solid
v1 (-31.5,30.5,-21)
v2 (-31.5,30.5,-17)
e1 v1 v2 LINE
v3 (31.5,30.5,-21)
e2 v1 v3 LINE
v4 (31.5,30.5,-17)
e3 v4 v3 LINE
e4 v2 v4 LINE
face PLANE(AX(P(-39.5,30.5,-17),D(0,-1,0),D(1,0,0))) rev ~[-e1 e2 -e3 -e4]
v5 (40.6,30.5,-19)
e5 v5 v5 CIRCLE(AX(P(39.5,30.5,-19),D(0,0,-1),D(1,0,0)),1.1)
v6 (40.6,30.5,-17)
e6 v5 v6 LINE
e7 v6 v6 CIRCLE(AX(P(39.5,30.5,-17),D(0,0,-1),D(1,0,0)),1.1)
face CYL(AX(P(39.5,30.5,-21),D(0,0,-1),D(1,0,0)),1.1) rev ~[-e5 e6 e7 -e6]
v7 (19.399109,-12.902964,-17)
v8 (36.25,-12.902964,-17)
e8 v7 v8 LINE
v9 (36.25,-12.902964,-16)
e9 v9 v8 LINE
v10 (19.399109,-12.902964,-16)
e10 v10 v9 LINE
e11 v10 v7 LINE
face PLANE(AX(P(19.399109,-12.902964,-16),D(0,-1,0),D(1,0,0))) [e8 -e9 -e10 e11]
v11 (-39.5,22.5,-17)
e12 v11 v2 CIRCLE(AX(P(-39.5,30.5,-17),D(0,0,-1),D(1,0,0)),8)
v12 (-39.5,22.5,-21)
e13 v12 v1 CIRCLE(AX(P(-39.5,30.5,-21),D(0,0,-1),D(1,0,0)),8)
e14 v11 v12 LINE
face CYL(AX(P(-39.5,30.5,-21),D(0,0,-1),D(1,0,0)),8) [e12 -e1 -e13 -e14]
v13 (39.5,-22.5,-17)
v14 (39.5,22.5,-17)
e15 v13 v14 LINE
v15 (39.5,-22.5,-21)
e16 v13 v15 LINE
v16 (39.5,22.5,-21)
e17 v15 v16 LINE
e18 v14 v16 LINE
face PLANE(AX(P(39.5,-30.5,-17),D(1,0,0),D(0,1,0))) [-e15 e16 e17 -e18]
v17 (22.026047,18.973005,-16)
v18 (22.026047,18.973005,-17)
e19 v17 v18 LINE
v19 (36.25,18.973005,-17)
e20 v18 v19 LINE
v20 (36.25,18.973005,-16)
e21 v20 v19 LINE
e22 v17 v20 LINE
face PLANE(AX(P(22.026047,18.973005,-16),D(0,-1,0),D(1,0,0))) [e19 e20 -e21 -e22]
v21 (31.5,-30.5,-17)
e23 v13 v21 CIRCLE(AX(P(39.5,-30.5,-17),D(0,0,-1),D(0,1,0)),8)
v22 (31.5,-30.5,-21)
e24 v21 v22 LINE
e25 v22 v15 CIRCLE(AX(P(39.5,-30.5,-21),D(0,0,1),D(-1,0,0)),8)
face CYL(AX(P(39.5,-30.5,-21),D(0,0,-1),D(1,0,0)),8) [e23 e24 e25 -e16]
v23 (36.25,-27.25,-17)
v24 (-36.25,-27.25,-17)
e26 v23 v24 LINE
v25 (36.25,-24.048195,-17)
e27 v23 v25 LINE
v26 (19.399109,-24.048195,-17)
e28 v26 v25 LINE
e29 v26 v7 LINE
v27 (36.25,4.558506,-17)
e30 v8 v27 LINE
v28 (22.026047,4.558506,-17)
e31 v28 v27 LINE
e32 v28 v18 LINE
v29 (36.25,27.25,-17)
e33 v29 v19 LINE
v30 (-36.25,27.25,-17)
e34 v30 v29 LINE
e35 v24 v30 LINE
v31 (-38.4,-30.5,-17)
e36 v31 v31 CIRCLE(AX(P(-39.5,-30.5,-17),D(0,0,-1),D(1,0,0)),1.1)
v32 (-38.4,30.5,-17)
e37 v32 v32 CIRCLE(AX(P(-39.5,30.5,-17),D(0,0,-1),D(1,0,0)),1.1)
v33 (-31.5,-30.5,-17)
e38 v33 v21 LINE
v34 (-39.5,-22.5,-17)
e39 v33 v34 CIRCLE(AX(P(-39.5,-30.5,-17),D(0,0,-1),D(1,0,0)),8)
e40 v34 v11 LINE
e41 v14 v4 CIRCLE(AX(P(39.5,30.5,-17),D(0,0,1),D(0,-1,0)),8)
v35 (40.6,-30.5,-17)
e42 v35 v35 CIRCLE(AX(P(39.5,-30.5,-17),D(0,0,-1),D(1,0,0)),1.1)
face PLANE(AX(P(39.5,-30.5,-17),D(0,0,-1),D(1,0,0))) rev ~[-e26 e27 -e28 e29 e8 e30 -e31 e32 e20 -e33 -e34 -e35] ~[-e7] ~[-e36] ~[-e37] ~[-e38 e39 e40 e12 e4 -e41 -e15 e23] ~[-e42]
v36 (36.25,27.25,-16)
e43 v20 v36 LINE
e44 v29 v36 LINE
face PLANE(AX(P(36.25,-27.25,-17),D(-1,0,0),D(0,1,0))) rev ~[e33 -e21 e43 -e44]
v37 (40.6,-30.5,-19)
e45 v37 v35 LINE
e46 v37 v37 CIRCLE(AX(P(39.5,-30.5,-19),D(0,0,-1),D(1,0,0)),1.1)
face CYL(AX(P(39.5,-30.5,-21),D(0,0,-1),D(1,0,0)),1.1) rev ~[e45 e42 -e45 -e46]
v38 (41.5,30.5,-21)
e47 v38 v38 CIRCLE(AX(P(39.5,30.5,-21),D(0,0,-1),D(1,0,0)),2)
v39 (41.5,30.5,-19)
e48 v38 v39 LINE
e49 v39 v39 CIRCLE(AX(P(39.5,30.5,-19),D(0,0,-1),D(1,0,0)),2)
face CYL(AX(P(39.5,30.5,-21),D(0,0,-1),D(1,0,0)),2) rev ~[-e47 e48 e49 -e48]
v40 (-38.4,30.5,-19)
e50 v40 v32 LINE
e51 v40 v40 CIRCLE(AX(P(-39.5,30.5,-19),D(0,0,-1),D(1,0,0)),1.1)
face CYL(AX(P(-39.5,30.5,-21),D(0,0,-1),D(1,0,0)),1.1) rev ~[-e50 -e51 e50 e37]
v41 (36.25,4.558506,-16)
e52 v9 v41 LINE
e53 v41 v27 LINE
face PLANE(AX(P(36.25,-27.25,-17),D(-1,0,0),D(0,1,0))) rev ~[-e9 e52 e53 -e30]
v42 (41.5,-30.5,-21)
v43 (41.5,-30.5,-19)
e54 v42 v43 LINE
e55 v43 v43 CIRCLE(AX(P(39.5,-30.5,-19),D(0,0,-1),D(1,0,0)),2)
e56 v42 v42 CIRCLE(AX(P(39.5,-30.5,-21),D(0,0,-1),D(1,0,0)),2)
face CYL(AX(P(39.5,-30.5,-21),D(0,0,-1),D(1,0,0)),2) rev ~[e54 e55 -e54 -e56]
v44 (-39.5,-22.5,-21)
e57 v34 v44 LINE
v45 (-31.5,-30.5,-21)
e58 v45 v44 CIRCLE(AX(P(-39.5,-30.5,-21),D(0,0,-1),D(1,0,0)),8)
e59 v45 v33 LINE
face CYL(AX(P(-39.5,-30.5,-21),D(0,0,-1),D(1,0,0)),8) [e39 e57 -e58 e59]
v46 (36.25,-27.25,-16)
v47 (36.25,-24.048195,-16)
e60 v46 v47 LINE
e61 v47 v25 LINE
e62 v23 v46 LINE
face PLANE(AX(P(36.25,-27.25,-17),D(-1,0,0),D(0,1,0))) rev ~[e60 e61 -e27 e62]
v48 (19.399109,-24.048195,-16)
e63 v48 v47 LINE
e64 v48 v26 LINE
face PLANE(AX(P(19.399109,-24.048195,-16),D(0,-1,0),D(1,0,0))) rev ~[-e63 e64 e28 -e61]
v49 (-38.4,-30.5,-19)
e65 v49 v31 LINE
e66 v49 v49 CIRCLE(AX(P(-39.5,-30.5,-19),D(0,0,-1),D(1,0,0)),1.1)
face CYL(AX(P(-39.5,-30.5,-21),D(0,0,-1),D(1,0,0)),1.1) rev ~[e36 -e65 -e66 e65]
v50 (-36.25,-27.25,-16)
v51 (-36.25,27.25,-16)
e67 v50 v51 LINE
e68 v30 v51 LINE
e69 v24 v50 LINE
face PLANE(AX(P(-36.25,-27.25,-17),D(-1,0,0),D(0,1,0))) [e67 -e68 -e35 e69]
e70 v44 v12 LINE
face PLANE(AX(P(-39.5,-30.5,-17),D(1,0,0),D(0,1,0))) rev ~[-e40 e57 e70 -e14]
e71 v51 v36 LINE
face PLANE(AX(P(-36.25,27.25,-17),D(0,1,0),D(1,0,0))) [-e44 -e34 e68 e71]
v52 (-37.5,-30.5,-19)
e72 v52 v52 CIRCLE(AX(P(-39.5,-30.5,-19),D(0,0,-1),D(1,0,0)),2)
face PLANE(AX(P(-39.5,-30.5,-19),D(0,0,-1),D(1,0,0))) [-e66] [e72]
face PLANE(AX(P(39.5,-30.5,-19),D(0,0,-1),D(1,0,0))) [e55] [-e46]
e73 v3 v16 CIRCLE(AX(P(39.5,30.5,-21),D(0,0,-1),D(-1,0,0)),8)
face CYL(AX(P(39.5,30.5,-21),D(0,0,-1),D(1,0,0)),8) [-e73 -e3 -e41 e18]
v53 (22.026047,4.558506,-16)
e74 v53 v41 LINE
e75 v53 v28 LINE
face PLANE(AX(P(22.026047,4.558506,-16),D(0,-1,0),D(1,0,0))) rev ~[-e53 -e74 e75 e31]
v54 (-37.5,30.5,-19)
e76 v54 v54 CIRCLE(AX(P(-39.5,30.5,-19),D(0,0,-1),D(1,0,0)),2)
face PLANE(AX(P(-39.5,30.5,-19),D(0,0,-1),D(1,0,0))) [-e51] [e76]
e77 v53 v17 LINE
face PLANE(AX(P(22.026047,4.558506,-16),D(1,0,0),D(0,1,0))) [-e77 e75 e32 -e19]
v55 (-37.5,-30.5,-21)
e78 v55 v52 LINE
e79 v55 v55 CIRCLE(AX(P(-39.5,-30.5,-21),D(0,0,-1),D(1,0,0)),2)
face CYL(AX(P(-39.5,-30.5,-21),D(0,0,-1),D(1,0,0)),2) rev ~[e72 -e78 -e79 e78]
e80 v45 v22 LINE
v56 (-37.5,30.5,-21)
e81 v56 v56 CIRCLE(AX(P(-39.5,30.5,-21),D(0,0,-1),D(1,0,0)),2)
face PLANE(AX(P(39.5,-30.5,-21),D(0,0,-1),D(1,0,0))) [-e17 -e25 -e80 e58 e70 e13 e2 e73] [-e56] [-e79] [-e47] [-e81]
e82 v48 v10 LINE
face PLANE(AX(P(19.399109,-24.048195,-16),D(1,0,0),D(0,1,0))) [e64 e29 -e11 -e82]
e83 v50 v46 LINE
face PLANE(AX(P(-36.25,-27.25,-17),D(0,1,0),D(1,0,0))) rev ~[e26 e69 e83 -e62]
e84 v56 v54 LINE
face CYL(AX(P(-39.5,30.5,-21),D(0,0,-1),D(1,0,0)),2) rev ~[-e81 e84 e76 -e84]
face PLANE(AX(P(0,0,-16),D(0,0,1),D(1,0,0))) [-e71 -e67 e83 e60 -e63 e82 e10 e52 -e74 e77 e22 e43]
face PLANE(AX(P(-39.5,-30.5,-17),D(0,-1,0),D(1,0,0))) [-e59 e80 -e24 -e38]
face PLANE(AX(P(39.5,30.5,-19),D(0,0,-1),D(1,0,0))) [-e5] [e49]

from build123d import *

# Parameters (mm, degrees)
SKETCH024_W     = 79
SKETCH024_H     = 61
PAD006_DEPTH    = 4
SKETCH025_W     = 72.5
SKETCH025_H     = 54.5
PAD007_DEPTH    = 1
SKETCH026_W     = 14.223953
SKETCH026_H     = 14.414499
SKETCH026_W_2   = 16.850891
SKETCH026_H_2   = 11.145231
POCKET015_DEPTH = 1
SKETCH029_R     = 8
PAD010_DEPTH    = 4
SKETCH030_R     = 1.1
POCKET016_DEPTH = 5.001
SKETCH031_R     = 2
POCKET017_DEPTH = 2


with BuildPart() as part:
    # Sketch024 → Pad006 (new body)
    with BuildSketch(Plane.XY):
        Rectangle(SKETCH024_W, SKETCH024_H)
    extrude(amount=-PAD006_DEPTH)

    # Sketch025 (on Face5 of Pad006) → Pad007 (join)
    with BuildSketch(Plane.XY):
        Rectangle(SKETCH025_W, SKETCH025_H)
    extrude(amount=PAD007_DEPTH)

    # Sketch026 (on Face11 of Pad007) → Pocket015 (cut)
    with BuildSketch(Plane.XY.offset(1)):
        with Locations((29.1380235, 11.7657555)):
            Rectangle(SKETCH026_W, SKETCH026_H)
        with Locations((27.8245545, -18.4755795)):
            Rectangle(SKETCH026_W_2, SKETCH026_H_2)
    extrude(amount=-POCKET015_DEPTH, mode=Mode.SUBTRACT)

    # Sketch029 (on Face5 of Pocket015) → Pad010 (join)
    with BuildSketch(Plane(origin=(0, 0, -4), x_dir=(1, 0, 0), z_dir=(0, 0, -1))):
        with Locations((39.5, 30.5)):
            Circle(SKETCH029_R)
        with Locations((39.5, -30.5)):
            Circle(SKETCH029_R)
        with Locations((-39.5, -30.5)):
            Circle(SKETCH029_R)
        with Locations((-39.5, 30.5)):
            Circle(SKETCH029_R)
    extrude(amount=-PAD010_DEPTH)

    # Sketch030 (on Face20 of Pad010) → Pocket016 (cut, through all)
    with BuildSketch(Plane(origin=(0, 0, -4), x_dir=(1, 0, 0), z_dir=(0, 0, -1))):
        with Locations((39.5, 30.5)):
            Circle(SKETCH030_R)
        with Locations((39.5, -30.5)):
            Circle(SKETCH030_R)
        with Locations((-39.5, -30.5)):
            Circle(SKETCH030_R)
        with Locations((-39.5, 30.5)):
            Circle(SKETCH030_R)
    extrude(amount=-POCKET016_DEPTH, mode=Mode.SUBTRACT)

    # Sketch031 (on Face22 of Pocket016) → Pocket017 (cut)
    with BuildSketch(Plane(origin=(0, 0, -4), x_dir=(1, 0, 0), z_dir=(0, 0, -1))):
        with Locations((-39.5, 30.5)):
            Circle(SKETCH031_R)
        with Locations((-39.5, -30.5)):
            Circle(SKETCH031_R)
        with Locations((39.5, 30.5)):
            Circle(SKETCH031_R)
        with Locations((39.5, -30.5)):
            Circle(SKETCH031_R)
    extrude(amount=-POCKET017_DEPTH, mode=Mode.SUBTRACT)


with BuildPart() as part_1:
    # Body002 placement: moved
    add(part.part.moved(Location((0, 0, -17))))


solid = part_1.part
